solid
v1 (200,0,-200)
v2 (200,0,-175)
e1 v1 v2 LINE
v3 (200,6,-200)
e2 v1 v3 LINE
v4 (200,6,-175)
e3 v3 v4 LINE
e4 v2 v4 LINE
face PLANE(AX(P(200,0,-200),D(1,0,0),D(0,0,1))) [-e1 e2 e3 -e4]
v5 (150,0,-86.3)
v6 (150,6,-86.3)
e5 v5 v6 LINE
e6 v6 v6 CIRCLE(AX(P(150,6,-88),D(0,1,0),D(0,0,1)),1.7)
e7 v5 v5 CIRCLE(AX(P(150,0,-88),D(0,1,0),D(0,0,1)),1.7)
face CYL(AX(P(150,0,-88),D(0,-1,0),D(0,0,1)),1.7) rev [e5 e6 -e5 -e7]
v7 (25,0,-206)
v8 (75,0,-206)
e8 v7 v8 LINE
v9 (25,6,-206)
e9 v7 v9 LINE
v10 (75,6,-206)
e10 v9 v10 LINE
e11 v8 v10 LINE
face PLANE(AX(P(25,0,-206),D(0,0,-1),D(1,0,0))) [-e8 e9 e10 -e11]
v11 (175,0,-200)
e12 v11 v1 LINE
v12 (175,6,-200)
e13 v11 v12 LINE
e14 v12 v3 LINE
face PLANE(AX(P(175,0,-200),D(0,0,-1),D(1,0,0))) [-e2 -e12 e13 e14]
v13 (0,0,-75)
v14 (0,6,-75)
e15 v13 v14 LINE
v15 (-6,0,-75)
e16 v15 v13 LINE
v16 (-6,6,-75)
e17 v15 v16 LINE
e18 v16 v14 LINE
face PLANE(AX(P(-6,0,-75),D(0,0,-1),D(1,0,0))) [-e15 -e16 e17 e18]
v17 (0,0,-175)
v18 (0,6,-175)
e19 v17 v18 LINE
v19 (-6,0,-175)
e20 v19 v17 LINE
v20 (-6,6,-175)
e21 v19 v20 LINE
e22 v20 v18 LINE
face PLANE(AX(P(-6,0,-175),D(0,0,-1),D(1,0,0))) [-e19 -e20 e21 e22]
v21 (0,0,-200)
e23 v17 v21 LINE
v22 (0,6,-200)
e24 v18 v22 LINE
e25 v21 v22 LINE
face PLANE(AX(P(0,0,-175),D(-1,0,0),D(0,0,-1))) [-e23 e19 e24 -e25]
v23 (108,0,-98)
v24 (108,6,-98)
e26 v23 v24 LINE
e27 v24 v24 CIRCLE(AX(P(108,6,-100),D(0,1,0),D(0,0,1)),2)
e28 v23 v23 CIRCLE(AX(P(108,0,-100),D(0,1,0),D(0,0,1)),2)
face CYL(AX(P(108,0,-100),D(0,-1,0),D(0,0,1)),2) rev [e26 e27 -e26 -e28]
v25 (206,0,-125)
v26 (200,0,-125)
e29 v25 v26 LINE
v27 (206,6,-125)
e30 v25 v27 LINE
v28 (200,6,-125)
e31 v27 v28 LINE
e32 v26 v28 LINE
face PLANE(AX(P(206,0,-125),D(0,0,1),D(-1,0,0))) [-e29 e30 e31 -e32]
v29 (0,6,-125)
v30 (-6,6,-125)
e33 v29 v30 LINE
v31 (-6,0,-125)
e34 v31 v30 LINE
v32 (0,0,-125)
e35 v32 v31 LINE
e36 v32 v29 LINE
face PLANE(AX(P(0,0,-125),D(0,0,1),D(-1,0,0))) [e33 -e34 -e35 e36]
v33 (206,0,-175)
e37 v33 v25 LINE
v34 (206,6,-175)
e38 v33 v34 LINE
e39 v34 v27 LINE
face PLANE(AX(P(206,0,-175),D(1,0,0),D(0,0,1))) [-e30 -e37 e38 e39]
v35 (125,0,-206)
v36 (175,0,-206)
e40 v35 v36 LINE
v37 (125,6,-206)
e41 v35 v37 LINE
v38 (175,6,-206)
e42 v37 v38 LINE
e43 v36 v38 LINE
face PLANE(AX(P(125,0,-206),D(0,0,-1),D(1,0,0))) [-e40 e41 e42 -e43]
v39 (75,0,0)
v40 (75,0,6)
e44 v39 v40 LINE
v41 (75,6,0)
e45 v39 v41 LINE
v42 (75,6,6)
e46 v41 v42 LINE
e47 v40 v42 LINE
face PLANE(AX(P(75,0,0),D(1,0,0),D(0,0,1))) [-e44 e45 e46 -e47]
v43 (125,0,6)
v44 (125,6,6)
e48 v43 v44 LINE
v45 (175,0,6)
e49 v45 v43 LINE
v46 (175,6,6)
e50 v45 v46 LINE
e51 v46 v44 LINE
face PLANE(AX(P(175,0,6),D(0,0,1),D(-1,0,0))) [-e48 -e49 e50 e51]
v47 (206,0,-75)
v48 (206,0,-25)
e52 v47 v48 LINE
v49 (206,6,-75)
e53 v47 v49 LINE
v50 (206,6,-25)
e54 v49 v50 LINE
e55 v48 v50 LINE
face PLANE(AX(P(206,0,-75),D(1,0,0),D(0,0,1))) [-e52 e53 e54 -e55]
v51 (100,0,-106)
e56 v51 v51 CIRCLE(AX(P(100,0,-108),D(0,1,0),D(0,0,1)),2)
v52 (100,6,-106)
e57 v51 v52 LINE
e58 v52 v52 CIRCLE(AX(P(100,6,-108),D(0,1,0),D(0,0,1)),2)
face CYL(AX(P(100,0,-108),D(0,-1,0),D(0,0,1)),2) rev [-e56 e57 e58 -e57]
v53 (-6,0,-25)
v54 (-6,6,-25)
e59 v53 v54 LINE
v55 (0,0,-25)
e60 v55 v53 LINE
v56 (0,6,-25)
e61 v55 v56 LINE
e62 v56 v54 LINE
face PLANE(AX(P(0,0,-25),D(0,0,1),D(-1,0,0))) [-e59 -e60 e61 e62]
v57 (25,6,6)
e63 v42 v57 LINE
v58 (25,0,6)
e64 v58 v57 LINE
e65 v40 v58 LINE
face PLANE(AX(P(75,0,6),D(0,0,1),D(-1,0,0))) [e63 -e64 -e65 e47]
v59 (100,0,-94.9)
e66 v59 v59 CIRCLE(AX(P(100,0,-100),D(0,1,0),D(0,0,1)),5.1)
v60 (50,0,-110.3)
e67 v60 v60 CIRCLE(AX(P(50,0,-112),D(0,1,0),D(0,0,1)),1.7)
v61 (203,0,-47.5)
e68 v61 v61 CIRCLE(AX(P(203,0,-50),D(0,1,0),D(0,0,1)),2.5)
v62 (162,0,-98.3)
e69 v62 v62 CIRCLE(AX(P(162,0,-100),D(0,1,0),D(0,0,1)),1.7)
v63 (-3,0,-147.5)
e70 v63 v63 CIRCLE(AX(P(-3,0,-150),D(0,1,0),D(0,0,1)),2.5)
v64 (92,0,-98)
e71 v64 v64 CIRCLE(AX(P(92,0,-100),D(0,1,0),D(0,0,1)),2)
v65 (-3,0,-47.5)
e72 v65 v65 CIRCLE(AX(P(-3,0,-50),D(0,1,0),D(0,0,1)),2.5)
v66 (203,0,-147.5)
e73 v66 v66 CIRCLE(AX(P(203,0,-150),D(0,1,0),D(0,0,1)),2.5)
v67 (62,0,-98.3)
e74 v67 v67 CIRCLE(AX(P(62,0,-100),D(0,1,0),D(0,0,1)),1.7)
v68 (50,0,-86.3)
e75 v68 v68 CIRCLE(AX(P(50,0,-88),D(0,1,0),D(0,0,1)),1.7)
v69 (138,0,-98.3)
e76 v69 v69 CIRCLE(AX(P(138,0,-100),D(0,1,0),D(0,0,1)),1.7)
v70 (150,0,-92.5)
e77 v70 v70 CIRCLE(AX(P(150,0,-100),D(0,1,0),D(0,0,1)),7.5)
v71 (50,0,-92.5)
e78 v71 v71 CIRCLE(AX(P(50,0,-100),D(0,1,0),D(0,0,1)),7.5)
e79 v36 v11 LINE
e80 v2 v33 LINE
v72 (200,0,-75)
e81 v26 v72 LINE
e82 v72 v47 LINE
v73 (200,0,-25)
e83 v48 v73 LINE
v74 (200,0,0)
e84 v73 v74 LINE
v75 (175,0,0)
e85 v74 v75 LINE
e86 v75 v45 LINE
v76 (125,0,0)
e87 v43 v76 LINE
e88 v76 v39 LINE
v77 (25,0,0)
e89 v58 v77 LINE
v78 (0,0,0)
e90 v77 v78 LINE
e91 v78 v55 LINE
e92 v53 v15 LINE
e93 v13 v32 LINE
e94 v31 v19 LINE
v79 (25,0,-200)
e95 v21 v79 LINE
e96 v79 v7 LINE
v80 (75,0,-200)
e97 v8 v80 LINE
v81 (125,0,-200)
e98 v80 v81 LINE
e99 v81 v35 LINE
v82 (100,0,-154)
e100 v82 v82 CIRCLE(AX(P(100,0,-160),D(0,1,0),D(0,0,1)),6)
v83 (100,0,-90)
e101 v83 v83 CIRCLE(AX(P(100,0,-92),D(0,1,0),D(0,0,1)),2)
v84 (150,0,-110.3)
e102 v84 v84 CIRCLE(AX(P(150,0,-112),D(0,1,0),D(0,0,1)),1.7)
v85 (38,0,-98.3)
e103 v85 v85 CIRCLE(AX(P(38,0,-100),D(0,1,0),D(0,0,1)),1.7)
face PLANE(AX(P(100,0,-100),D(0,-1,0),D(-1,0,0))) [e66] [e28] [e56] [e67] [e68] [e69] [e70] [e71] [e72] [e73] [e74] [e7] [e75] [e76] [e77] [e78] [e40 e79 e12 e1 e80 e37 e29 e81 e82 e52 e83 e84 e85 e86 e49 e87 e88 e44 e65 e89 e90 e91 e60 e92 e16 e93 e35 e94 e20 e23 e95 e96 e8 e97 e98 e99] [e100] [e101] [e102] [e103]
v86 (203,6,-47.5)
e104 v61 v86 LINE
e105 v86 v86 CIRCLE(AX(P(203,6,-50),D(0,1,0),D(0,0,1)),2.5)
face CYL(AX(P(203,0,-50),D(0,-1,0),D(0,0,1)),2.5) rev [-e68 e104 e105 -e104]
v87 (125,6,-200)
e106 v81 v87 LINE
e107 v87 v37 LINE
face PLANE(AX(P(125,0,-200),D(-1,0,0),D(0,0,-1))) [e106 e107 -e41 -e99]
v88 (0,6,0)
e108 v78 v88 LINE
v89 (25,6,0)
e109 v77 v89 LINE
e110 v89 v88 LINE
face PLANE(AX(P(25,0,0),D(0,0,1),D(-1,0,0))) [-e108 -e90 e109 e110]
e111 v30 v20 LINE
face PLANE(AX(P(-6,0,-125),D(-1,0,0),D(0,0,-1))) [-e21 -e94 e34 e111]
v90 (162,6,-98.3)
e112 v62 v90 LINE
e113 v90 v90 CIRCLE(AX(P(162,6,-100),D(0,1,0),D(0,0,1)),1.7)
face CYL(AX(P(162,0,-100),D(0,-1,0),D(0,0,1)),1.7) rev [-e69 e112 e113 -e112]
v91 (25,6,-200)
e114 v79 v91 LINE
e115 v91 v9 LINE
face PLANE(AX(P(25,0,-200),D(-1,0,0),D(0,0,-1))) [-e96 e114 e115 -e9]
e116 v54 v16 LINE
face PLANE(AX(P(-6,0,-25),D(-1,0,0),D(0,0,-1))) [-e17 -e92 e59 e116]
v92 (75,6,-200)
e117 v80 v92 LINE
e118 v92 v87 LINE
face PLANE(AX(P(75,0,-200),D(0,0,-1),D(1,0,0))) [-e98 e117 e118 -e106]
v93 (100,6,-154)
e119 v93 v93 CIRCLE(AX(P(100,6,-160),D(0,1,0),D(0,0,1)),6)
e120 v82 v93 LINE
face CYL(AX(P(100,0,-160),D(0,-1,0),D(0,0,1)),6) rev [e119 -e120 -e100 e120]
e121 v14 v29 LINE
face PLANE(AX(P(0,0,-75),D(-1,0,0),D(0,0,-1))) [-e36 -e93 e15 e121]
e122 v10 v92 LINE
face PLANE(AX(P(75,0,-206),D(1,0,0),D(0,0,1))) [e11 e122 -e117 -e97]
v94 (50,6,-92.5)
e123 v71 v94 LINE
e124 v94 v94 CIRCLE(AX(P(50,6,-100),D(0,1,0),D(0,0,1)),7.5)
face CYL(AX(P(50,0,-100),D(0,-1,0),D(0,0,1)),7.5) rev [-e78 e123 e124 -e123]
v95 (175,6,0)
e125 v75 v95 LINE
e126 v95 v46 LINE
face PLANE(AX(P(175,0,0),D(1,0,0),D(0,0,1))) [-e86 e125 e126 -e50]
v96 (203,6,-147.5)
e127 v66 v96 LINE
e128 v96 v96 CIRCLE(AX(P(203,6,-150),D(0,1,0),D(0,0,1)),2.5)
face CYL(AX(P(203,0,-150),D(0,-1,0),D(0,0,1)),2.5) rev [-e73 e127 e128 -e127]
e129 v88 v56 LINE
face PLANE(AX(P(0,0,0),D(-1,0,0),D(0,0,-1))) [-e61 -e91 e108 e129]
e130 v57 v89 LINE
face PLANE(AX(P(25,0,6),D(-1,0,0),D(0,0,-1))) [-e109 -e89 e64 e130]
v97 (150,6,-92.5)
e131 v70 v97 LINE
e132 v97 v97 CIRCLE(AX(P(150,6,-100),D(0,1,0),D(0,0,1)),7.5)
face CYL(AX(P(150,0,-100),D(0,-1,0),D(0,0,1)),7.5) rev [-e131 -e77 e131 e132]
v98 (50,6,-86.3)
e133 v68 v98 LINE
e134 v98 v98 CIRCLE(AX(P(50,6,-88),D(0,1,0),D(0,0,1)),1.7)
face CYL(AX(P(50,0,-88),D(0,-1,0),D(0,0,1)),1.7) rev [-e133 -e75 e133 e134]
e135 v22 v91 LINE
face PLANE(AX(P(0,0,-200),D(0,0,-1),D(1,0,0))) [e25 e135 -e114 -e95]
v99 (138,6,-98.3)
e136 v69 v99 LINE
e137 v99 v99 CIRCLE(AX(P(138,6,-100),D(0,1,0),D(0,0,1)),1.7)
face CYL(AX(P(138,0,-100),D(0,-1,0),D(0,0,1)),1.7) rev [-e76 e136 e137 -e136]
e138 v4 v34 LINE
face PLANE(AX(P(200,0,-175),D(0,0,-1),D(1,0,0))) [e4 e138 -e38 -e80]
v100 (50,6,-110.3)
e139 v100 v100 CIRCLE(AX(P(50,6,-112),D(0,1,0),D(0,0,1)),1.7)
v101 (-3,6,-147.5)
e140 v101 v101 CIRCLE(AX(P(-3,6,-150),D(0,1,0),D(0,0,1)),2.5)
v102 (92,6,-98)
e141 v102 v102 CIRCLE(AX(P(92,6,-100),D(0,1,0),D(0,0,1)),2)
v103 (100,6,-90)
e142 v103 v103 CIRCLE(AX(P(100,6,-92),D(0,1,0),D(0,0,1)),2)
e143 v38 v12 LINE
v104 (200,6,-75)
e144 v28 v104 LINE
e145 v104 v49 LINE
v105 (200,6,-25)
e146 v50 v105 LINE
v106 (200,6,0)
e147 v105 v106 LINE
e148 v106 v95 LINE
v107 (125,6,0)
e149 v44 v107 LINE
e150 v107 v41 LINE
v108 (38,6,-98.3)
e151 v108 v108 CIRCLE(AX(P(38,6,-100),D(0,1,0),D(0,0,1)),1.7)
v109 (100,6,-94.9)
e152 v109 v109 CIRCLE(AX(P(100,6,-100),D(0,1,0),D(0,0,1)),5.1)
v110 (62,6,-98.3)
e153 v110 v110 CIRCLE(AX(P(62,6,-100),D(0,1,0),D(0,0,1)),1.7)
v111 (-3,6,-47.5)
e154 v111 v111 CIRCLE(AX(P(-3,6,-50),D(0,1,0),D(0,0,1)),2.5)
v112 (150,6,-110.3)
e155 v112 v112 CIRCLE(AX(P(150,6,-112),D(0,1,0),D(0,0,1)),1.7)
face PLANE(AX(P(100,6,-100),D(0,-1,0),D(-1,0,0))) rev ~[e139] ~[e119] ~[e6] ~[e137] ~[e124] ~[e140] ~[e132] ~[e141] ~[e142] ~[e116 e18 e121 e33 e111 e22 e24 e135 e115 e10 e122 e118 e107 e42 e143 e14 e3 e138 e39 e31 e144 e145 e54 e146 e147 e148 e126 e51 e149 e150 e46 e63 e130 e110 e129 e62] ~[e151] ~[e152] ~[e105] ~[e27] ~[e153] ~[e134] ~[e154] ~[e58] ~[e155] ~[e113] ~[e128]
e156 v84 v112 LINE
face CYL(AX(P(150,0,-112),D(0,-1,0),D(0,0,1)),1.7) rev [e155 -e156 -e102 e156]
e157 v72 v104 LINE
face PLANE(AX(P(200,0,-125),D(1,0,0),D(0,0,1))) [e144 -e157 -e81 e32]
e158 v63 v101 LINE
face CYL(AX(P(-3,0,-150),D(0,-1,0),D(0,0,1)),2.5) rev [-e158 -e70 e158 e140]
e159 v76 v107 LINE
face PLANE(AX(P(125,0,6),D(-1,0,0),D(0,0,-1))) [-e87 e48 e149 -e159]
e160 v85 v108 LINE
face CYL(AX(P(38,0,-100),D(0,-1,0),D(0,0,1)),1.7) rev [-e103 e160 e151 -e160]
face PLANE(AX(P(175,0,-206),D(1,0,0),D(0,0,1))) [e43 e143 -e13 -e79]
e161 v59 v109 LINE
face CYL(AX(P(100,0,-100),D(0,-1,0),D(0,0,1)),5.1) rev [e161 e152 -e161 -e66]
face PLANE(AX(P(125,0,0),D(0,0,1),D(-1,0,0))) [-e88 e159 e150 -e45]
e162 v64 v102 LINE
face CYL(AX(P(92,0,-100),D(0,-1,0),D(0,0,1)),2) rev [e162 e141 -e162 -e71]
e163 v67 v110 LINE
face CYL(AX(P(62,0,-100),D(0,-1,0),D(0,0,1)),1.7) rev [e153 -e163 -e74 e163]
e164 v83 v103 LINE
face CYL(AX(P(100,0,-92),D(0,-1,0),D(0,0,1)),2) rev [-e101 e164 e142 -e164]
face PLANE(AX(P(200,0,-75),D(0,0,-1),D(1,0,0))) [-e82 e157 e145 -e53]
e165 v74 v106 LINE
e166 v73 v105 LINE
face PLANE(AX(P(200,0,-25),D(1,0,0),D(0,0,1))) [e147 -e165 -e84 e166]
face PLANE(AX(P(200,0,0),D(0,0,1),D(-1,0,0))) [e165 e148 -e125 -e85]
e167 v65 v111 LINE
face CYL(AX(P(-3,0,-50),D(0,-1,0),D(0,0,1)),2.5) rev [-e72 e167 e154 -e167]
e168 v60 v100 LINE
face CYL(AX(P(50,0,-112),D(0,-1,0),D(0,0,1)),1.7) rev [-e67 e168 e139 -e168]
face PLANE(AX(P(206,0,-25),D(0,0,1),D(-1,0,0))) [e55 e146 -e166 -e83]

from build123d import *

# Parameters (mm, degrees)
SKETCH_1_R      = 5.1
SKETCH_1_R_2    = 1.7
SKETCH_1_R_3    = 2
SKETCH_1_R_4    = 7.5
SKETCH_1_R_5    = 6
SKETCH_1_R_6    = 2.5
EXTRUDE_1_DEPTH = 6


with BuildPart() as part:
    # 草图1 → 凸台-拉伸1 (new body)
    with BuildSketch(Plane(origin=(0, 0, 0), x_dir=(1, 0, 0), z_dir=(0, 1, 0))):
        Polygon((0, 200), (25, 200), (25, 206), (75, 206), (75, 200), (125, 200), (125, 206), (175, 206), (175, 200), (200, 200), (200, 175), (206, 175), (206, 125), (200, 125), (200, 75), (206, 75), (206, 25), (200, 25), (200, 0), (175, 0), (175, -6), (125, -6), (125, 0), (75, 0), (75, -6), (25, -6), (25, 0), (0, 0), (0, 25), (-6, 25), (-6, 75), (0, 75), (0, 125), (-6, 125), (-6, 175), (0, 175), align=None)
        with Locations(Location((100, 100, 0), (0, 0, 270))):
            Circle(SKETCH_1_R, mode=Mode.SUBTRACT)
        with Locations(Location((150, 112, 0), (0, 0, 270))):
            Circle(SKETCH_1_R_2, mode=Mode.SUBTRACT)
        with Locations(Location((100, 108, 0), (0, 0, 270))):
            Circle(SKETCH_1_R_3, mode=Mode.SUBTRACT)
        with Locations(Location((108, 100, 0), (0, 0, 270))):
            Circle(SKETCH_1_R_3, mode=Mode.SUBTRACT)
        with Locations(Location((100, 92, 0), (0, 0, 270))):
            Circle(SKETCH_1_R_3, mode=Mode.SUBTRACT)
        with Locations(Location((92, 100, 0), (0, 0, 270))):
            Circle(SKETCH_1_R_3, mode=Mode.SUBTRACT)
        with Locations(Location((50, 100, 0), (0, 0, 270))):
            Circle(SKETCH_1_R_4, mode=Mode.SUBTRACT)
        with Locations(Location((50, 112, 0), (0, 0, 270))):
            Circle(SKETCH_1_R_2, mode=Mode.SUBTRACT)
        with Locations(Location((62, 100, 0), (0, 0, 270))):
            Circle(SKETCH_1_R_2, mode=Mode.SUBTRACT)
        with Locations(Location((50, 88, 0), (0, 0, 270))):
            Circle(SKETCH_1_R_2, mode=Mode.SUBTRACT)
        with Locations(Location((38, 100, 0), (0, 0, 270))):
            Circle(SKETCH_1_R_2, mode=Mode.SUBTRACT)
        with Locations(Location((162, 100, 0), (0, 0, 270))):
            Circle(SKETCH_1_R_2, mode=Mode.SUBTRACT)
        with Locations(Location((138, 100, 0), (0, 0, 270))):
            Circle(SKETCH_1_R_2, mode=Mode.SUBTRACT)
        with Locations(Location((150, 88, 0), (0, 0, 270))):
            Circle(SKETCH_1_R_2, mode=Mode.SUBTRACT)
        with Locations(Location((150, 100, 0), (0, 0, 270))):
            Circle(SKETCH_1_R_4, mode=Mode.SUBTRACT)
        with Locations(Location((100, 160, 0), (0, 0, 270))):
            Circle(SKETCH_1_R_5, mode=Mode.SUBTRACT)
        with Locations(Location((-3, 150, 0), (0, 0, 270))):
            Circle(SKETCH_1_R_6, mode=Mode.SUBTRACT)
        with Locations(Location((203, 150, 0), (0, 0, 270))):
            Circle(SKETCH_1_R_6, mode=Mode.SUBTRACT)
        with Locations(Location((203, 50, 0), (0, 0, 270))):
            Circle(SKETCH_1_R_6, mode=Mode.SUBTRACT)
        with Locations(Location((-3, 50, 0), (0, 0, 270))):
            Circle(SKETCH_1_R_6, mode=Mode.SUBTRACT)
    extrude(amount=EXTRUDE_1_DEPTH)


solid = part.part
